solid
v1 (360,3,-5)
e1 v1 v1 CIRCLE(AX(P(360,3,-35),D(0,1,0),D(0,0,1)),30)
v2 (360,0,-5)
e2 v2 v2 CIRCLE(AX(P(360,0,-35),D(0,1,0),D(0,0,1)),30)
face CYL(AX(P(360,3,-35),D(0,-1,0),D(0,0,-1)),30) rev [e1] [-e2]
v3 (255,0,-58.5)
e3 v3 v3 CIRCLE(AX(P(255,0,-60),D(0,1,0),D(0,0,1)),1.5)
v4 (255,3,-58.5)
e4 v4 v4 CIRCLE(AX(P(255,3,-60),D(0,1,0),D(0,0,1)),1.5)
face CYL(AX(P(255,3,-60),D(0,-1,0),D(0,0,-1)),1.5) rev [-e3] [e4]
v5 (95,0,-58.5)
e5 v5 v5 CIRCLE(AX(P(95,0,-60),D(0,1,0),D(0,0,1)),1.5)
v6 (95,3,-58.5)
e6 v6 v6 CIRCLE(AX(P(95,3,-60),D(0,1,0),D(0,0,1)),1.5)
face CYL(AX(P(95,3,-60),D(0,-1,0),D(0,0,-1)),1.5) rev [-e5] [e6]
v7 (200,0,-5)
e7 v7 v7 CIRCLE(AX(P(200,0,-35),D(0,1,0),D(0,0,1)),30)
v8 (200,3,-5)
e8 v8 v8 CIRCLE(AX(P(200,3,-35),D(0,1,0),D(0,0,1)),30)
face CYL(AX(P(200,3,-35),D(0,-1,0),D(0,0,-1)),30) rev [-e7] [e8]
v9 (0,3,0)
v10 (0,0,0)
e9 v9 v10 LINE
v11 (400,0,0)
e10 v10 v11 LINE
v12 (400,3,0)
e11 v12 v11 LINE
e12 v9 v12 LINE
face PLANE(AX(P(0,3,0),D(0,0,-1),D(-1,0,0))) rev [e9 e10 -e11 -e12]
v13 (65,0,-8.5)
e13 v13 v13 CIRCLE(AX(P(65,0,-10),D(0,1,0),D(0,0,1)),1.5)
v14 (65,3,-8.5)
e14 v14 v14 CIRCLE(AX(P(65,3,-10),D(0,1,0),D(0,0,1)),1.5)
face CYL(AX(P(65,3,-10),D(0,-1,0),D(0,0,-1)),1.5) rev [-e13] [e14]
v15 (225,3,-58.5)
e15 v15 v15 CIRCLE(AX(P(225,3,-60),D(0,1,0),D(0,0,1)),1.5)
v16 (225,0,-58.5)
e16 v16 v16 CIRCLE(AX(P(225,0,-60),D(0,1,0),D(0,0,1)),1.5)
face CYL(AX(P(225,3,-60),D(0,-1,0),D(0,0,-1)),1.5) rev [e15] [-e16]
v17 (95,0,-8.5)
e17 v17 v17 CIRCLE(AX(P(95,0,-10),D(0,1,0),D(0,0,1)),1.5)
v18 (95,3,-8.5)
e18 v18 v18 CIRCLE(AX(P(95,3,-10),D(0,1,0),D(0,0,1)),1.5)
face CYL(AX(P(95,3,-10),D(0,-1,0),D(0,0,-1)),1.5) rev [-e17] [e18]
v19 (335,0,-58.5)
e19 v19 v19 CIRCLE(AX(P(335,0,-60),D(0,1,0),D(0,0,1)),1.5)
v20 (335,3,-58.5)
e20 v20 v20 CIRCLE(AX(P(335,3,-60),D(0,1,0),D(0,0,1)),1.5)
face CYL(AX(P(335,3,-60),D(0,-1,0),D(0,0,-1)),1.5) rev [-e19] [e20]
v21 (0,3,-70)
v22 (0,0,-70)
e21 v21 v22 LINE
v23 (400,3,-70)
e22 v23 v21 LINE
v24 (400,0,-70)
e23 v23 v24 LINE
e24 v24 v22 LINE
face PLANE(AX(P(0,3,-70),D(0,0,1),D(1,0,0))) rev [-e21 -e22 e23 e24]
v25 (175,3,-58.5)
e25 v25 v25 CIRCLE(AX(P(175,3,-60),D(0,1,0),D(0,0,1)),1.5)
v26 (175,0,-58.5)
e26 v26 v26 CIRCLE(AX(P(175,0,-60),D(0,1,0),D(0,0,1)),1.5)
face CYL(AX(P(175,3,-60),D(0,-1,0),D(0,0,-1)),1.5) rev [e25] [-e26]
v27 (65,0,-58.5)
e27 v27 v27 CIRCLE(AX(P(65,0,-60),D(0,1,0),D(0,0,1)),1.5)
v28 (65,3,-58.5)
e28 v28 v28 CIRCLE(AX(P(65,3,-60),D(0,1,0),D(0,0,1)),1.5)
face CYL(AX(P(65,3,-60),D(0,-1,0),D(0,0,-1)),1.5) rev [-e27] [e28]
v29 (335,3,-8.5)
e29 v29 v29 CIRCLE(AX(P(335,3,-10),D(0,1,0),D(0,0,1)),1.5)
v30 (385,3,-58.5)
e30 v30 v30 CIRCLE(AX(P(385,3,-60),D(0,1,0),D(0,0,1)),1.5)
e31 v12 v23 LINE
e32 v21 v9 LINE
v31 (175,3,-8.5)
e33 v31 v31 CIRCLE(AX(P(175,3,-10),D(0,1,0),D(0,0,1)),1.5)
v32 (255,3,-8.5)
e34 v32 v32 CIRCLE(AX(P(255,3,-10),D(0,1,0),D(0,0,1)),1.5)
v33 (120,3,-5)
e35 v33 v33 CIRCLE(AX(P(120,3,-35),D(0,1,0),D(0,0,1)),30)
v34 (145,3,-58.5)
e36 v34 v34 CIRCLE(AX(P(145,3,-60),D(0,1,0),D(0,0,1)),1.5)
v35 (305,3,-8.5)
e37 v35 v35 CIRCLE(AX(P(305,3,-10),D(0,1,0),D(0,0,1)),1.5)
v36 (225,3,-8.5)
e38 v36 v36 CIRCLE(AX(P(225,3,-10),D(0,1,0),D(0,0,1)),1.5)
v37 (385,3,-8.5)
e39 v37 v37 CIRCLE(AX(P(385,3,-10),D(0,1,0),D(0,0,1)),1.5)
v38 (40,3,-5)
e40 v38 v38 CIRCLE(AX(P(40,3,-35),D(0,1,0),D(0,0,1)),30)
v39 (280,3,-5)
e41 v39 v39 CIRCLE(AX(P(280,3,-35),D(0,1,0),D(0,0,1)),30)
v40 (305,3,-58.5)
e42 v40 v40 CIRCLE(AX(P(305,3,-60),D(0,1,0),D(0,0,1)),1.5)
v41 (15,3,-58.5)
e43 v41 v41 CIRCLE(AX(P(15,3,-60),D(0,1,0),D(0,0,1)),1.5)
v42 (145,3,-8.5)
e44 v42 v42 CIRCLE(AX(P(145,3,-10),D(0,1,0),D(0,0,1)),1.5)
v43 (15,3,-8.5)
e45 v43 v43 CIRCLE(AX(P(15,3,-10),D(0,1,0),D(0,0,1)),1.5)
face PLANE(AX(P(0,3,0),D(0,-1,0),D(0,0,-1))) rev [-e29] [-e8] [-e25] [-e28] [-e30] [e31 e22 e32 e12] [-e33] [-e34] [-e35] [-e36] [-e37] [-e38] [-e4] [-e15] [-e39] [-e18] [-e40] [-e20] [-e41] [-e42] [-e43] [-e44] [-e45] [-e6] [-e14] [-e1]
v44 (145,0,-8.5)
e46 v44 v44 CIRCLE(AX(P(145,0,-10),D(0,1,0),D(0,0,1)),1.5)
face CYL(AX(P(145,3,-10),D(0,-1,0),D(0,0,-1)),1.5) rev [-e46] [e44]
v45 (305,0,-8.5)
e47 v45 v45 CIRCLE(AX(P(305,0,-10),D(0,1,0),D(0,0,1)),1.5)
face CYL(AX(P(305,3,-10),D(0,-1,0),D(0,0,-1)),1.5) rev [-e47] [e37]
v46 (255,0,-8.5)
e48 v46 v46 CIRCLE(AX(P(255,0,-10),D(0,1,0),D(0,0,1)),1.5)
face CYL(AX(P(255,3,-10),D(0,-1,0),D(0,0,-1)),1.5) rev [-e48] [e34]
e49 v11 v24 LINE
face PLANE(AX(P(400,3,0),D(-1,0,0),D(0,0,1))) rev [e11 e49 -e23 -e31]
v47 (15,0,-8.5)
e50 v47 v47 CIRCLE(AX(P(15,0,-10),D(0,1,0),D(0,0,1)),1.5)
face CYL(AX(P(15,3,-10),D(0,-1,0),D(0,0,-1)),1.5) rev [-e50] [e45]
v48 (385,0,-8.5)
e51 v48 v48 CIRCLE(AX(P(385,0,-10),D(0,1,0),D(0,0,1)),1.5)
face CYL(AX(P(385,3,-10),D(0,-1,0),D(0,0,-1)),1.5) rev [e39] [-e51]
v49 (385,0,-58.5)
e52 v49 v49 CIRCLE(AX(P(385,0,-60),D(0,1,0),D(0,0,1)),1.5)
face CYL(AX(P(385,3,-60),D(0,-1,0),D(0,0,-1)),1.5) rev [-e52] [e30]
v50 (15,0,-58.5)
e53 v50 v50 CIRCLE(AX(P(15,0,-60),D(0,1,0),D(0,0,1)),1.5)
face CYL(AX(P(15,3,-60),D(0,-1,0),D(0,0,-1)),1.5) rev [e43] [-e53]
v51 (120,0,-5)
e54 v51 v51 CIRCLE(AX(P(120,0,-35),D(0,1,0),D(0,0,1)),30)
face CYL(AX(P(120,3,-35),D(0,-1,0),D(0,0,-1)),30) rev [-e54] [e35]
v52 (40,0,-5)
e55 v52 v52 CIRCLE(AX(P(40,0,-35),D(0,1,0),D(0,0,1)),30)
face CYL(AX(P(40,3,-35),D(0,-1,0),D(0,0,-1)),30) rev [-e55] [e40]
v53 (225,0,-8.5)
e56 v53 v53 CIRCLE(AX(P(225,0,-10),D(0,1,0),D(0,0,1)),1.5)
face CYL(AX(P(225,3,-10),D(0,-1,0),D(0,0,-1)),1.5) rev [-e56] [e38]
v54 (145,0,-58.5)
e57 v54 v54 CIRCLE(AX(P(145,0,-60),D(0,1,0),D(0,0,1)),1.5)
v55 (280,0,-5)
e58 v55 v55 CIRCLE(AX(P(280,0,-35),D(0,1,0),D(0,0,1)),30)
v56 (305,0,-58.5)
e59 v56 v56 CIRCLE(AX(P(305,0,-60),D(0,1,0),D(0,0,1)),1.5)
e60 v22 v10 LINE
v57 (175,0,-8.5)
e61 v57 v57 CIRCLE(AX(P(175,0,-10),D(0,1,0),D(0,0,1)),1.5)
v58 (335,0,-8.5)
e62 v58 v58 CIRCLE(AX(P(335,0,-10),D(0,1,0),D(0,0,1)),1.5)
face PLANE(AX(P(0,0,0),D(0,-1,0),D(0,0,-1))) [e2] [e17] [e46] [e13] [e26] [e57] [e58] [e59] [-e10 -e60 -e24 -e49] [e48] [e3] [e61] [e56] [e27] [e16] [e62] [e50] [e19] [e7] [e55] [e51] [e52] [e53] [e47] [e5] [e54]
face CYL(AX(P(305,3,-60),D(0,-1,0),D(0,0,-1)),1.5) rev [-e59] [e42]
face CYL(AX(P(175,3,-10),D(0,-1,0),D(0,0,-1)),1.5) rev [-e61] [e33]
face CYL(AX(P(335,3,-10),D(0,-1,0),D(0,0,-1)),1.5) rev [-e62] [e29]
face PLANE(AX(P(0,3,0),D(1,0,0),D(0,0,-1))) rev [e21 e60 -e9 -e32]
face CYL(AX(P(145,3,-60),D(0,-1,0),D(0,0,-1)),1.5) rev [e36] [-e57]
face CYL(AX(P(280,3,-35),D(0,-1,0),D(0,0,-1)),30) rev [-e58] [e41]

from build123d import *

# Parameters (mm, degrees)
SKETCH1_W           = 400
SKETCH1_H           = 70
SKETCH1_R           = 30
SKETCH1_R_2         = 1.5
BOSS_EXTRUDE1_DEPTH = 3


with BuildPart() as part:
    # Sketch1 → Boss-Extrude1 (new body)
    with BuildSketch(Plane(origin=(0, 0, 0), x_dir=(1, 0, 0), z_dir=(0, 1, 0))):
        with Locations((200, 35)):
            Rectangle(SKETCH1_W, SKETCH1_H)
        with Locations(Location((40, 35, 0), (0, 0, 270))):
            Circle(SKETCH1_R, mode=Mode.SUBTRACT)
        with Locations(Location((120, 35, 0), (0, 0, 270))):
            Circle(SKETCH1_R, mode=Mode.SUBTRACT)
        with Locations(Location((200, 35, 0), (0, 0, 270))):
            Circle(SKETCH1_R, mode=Mode.SUBTRACT)
        with Locations(Location((280, 35, 0), (0, 0, 270))):
            Circle(SKETCH1_R, mode=Mode.SUBTRACT)
        with Locations(Location((360, 35, 0), (0, 0, 270))):
            Circle(SKETCH1_R, mode=Mode.SUBTRACT)
        with Locations(Location((15, 60, 0), (0, 0, 270))):
            Circle(SKETCH1_R_2, mode=Mode.SUBTRACT)
        with Locations(Location((65, 60, 0), (0, 0, 270))):
            Circle(SKETCH1_R_2, mode=Mode.SUBTRACT)
        with Locations(Location((65, 10, 0), (0, 0, 270))):
            Circle(SKETCH1_R_2, mode=Mode.SUBTRACT)
        with Locations(Location((15, 10, 0), (0, 0, 270))):
            Circle(SKETCH1_R_2, mode=Mode.SUBTRACT)
        with Locations(Location((95, 60, 0), (0, 0, 270))):
            Circle(SKETCH1_R_2, mode=Mode.SUBTRACT)
        with Locations(Location((145, 60, 0), (0, 0, 270))):
            Circle(SKETCH1_R_2, mode=Mode.SUBTRACT)
        with Locations(Location((145, 10, 0), (0, 0, 270))):
            Circle(SKETCH1_R_2, mode=Mode.SUBTRACT)
        with Locations(Location((95, 10, 0), (0, 0, 270))):
            Circle(SKETCH1_R_2, mode=Mode.SUBTRACT)
        with Locations(Location((175, 60, 0), (0, 0, 270))):
            Circle(SKETCH1_R_2, mode=Mode.SUBTRACT)
        with Locations(Location((225, 60, 0), (0, 0, 270))):
            Circle(SKETCH1_R_2, mode=Mode.SUBTRACT)
        with Locations(Location((225, 10, 0), (0, 0, 270))):
            Circle(SKETCH1_R_2, mode=Mode.SUBTRACT)
        with Locations(Location((175, 10, 0), (0, 0, 270))):
            Circle(SKETCH1_R_2, mode=Mode.SUBTRACT)
        with Locations(Location((255, 60, 0), (0, 0, 270))):
            Circle(SKETCH1_R_2, mode=Mode.SUBTRACT)
        with Locations(Location((305, 60, 0), (0, 0, 270))):
            Circle(SKETCH1_R_2, mode=Mode.SUBTRACT)
        with Locations(Location((305, 10, 0), (0, 0, 270))):
            Circle(SKETCH1_R_2, mode=Mode.SUBTRACT)
        with Locations(Location((255, 10, 0), (0, 0, 270))):
            Circle(SKETCH1_R_2, mode=Mode.SUBTRACT)
        with Locations(Location((335, 60, 0), (0, 0, 270))):
            Circle(SKETCH1_R_2, mode=Mode.SUBTRACT)
        with Locations(Location((385, 60, 0), (0, 0, 270))):
            Circle(SKETCH1_R_2, mode=Mode.SUBTRACT)
        with Locations(Location((385, 10, 0), (0, 0, 270))):
            Circle(SKETCH1_R_2, mode=Mode.SUBTRACT)
        with Locations(Location((335, 10, 0), (0, 0, 270))):
            Circle(SKETCH1_R_2, mode=Mode.SUBTRACT)
    extrude(amount=BOSS_EXTRUDE1_DEPTH)


solid = part.part
